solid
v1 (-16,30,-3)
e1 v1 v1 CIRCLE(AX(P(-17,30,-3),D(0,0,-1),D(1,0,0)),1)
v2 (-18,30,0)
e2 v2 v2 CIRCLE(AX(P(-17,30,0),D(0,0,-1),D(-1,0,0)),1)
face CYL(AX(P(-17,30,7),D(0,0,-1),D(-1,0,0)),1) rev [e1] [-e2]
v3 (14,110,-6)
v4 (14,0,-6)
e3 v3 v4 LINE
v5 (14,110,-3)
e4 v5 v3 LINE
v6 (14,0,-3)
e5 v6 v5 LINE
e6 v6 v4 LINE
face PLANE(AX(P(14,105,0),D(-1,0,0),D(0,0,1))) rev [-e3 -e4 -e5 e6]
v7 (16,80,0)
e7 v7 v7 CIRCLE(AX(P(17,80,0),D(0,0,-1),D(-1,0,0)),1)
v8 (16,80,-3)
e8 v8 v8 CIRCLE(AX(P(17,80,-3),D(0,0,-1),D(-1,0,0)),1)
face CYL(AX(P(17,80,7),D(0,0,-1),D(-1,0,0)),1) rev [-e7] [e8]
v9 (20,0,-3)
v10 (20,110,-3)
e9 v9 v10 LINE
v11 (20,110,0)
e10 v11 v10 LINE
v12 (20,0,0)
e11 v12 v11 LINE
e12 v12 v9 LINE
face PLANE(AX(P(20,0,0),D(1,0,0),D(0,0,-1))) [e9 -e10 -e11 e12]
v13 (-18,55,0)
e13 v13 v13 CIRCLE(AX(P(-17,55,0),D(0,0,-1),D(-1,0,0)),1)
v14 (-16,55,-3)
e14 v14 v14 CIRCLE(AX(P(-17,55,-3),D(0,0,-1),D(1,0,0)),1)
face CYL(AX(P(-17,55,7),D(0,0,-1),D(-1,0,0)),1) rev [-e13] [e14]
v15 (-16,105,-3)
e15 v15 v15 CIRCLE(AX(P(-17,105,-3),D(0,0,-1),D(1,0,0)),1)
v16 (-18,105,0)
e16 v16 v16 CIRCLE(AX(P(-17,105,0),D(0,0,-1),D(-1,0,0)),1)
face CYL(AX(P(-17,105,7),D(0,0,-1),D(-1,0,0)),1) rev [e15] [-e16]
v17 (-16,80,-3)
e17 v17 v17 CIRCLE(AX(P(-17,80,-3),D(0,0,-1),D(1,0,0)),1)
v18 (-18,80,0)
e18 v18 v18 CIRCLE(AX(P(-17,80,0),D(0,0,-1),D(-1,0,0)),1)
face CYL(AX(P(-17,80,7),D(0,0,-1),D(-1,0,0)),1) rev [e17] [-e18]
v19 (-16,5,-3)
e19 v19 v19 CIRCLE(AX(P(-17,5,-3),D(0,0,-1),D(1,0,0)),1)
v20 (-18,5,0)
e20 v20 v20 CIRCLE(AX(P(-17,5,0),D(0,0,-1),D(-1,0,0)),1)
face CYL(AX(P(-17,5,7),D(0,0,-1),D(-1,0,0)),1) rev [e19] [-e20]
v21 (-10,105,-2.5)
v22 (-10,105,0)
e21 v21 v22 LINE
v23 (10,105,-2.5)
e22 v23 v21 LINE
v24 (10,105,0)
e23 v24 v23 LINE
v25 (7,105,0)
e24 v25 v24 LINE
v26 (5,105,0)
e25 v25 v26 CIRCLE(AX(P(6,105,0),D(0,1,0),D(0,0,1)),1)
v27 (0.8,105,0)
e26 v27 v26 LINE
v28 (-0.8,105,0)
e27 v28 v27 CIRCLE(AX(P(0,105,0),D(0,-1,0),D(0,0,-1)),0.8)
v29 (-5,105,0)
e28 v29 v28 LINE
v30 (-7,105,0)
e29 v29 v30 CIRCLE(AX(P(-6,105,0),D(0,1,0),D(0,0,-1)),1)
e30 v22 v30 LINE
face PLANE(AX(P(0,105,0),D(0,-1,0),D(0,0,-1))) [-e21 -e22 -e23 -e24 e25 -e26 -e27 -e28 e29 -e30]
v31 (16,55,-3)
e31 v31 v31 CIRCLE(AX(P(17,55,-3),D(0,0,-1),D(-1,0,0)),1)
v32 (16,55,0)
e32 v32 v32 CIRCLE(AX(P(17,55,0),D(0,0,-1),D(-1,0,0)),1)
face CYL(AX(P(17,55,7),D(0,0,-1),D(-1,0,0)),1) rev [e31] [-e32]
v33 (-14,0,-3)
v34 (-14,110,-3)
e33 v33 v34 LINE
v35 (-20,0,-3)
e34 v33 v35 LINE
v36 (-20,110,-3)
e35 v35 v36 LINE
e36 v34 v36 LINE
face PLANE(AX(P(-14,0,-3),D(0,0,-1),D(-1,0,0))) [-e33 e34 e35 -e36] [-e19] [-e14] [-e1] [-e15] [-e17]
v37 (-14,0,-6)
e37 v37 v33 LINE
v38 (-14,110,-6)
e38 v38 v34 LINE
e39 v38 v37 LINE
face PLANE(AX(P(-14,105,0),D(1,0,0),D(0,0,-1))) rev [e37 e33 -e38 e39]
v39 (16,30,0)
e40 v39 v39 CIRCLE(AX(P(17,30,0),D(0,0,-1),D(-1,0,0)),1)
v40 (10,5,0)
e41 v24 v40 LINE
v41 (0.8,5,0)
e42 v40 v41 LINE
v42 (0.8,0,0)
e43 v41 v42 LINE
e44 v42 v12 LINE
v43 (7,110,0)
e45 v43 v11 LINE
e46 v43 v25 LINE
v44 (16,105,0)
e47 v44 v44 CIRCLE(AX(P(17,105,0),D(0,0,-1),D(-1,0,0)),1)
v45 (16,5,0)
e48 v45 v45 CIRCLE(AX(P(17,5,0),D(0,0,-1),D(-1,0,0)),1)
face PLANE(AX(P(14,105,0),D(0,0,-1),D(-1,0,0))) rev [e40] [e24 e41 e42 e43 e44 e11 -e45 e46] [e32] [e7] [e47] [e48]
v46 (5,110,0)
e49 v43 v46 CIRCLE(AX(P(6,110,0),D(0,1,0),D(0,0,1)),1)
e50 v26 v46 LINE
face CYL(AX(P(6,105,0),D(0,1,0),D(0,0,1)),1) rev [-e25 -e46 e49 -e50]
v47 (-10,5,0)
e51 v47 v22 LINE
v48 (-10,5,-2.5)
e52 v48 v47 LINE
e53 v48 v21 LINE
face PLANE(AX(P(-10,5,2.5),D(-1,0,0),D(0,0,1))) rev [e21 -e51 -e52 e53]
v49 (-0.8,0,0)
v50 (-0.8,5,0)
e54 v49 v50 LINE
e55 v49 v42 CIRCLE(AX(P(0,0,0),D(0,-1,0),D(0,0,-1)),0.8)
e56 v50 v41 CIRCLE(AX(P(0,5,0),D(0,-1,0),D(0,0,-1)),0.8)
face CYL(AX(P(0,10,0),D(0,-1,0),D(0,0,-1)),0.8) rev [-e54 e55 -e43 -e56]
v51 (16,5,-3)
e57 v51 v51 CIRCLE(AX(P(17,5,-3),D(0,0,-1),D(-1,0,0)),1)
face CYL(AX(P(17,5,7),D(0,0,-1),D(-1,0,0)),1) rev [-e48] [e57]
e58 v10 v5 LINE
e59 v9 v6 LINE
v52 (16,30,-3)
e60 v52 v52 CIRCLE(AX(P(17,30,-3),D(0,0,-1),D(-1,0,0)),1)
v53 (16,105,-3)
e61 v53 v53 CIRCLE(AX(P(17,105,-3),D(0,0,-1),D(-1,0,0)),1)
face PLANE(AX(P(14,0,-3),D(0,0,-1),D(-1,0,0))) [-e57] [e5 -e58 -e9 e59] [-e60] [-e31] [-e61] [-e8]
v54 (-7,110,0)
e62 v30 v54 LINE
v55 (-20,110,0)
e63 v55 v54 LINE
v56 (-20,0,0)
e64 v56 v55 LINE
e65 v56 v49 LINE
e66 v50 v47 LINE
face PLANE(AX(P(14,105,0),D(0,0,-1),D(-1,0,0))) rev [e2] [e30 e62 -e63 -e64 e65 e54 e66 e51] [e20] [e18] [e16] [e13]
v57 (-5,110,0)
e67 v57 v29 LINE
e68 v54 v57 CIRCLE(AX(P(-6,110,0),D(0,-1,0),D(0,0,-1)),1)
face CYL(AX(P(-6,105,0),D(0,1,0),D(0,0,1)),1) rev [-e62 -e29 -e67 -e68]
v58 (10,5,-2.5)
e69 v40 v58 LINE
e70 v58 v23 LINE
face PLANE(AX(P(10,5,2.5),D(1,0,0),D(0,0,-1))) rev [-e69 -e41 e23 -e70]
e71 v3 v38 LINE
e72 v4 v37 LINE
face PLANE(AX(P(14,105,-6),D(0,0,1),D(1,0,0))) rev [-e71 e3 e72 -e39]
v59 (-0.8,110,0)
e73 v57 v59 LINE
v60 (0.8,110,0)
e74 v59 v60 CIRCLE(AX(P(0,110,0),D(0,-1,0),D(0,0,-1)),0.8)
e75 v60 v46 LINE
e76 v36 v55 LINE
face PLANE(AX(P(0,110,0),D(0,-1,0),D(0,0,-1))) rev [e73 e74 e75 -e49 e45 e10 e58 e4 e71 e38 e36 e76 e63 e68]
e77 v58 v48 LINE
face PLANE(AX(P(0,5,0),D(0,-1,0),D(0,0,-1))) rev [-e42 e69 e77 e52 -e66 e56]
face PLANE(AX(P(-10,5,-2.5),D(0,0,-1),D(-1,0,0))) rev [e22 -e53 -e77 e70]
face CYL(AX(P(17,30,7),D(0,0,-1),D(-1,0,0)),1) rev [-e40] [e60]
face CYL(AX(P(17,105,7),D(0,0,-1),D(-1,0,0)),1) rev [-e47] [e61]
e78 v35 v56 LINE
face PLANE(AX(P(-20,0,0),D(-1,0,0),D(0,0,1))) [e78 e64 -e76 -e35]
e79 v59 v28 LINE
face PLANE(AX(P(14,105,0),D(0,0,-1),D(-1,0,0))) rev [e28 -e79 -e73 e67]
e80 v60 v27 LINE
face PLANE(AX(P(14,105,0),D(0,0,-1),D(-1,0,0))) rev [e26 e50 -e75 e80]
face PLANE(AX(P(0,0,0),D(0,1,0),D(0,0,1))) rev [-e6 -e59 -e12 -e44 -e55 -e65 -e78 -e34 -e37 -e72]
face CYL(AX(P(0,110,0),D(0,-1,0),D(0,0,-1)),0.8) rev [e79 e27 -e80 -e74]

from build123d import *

# Parameters (mm, degrees)
SKETCH1_W           = 28
SKETCH1_H           = 6
BOSS_EXTRUDE1_DEPTH = 105
SKETCH2_W           = 20
SKETCH2_H           = 5
CUT_EXTRUDE1_DEPTH  = 100
SKETCH3_W           = 6
SKETCH3_H           = 3
BOSS_EXTRUDE2_DEPTH = 105
SKETCH6_R           = 0.8
CUT_EXTRUDE4_DEPTH  = 10
BOSS_EXTRUDE3_DEPTH = 5
SKETCH7_R           = 1
CUT_EXTRUDE5_DEPTH  = 10
SKETCH9_R           = 1
CUT_EXTRUDE6_DEPTH  = 5


with BuildPart() as part:
    # Sketch1 → Boss-Extrude1 (new body)
    with BuildSketch(Plane(origin=(0, 0, 0), x_dir=(1, 0, 0), z_dir=(0, 1, 0))):
        with Locations((0, 3)):
            Rectangle(SKETCH1_W, SKETCH1_H)
    extrude(amount=BOSS_EXTRUDE1_DEPTH)

    # Sketch2 → Cut-Extrude1 (cut)
    with BuildSketch(Plane(origin=(0, 105, 0), x_dir=(1, 0, 0), z_dir=(0, 1, 0))):
        Rectangle(SKETCH2_W, SKETCH2_H)
    extrude(amount=-CUT_EXTRUDE1_DEPTH, mode=Mode.SUBTRACT)

    # Sketch3 → Boss-Extrude2 (add)
    with BuildSketch(Plane(origin=(0, 105, 0), x_dir=(1, 0, 0), z_dir=(0, 1, 0))):
        with Locations((17, 1.5)):
            Rectangle(SKETCH3_W, SKETCH3_H)
        with Locations((-17, 1.5)):
            Rectangle(SKETCH3_W, SKETCH3_H)
    extrude(amount=-BOSS_EXTRUDE2_DEPTH)

    # Sketch6 → Cut-Extrude4 (cut)
    with BuildSketch(Plane.XZ):
        Circle(SKETCH6_R)
    extrude(amount=-CUT_EXTRUDE4_DEPTH, mode=Mode.SUBTRACT)

    # Sketch8 → Boss-Extrude3 (add)
    with BuildSketch(Plane(origin=(0, 105, 0), x_dir=(1, 0, 0), z_dir=(0, 1, 0))):
        with BuildLine():
            Line((-0.8, 0), (-10, 0))
            Line((-10, 0), (-20, 0))
            Line((-20, 0), (-20, 3))
            Line((-20, 3), (-14, 3))
            Line((-14, 3), (-14, 6))
            Line((-14, 6), (14, 6))
            Line((14, 6), (14, 3))
            Line((14, 3), (20, 3))
            Line((20, 3), (20, 0))
            Line((20, 0), (10, 0))
            Line((10, 0), (0.8, 0))
            ThreePointArc((0.8, 0), (0, 0.8), (-0.8, 0))
        make_face()
    extrude(amount=BOSS_EXTRUDE3_DEPTH)

    # Sketch7 → Cut-Extrude5 (cut)
    with BuildSketch(Plane(origin=(0, 0, -3), x_dir=(-1, 0, 0), z_dir=(0, 0, -1))):
        with Locations((-17, 5)):
            Circle(SKETCH7_R)
        with Locations((-17, 30)):
            Circle(SKETCH7_R)
        with Locations((-17, 55)):
            Circle(SKETCH7_R)
        with Locations((-17, 80)):
            Circle(SKETCH7_R)
        with Locations((17, 80)):
            Circle(SKETCH7_R)
        with Locations((17, 55)):
            Circle(SKETCH7_R)
        with Locations((17, 30)):
            Circle(SKETCH7_R)
        with Locations((17, 5)):
            Circle(SKETCH7_R)
        with Locations((-17, 105)):
            Circle(SKETCH7_R)
        with Locations((17, 105)):
            Circle(SKETCH7_R)
    extrude(amount=-CUT_EXTRUDE5_DEPTH, mode=Mode.SUBTRACT)

    # Sketch9 → Cut-Extrude6 (cut)
    with BuildSketch(Plane(origin=(0, 110, 0), x_dir=(1, 0, 0), z_dir=(0, 1, 0))):
        with Locations((6, 0)):
            Circle(SKETCH9_R)
        with Locations((-6, 0)):
            Circle(SKETCH9_R)
    extrude(amount=-CUT_EXTRUDE6_DEPTH, mode=Mode.SUBTRACT)


solid = part.part
